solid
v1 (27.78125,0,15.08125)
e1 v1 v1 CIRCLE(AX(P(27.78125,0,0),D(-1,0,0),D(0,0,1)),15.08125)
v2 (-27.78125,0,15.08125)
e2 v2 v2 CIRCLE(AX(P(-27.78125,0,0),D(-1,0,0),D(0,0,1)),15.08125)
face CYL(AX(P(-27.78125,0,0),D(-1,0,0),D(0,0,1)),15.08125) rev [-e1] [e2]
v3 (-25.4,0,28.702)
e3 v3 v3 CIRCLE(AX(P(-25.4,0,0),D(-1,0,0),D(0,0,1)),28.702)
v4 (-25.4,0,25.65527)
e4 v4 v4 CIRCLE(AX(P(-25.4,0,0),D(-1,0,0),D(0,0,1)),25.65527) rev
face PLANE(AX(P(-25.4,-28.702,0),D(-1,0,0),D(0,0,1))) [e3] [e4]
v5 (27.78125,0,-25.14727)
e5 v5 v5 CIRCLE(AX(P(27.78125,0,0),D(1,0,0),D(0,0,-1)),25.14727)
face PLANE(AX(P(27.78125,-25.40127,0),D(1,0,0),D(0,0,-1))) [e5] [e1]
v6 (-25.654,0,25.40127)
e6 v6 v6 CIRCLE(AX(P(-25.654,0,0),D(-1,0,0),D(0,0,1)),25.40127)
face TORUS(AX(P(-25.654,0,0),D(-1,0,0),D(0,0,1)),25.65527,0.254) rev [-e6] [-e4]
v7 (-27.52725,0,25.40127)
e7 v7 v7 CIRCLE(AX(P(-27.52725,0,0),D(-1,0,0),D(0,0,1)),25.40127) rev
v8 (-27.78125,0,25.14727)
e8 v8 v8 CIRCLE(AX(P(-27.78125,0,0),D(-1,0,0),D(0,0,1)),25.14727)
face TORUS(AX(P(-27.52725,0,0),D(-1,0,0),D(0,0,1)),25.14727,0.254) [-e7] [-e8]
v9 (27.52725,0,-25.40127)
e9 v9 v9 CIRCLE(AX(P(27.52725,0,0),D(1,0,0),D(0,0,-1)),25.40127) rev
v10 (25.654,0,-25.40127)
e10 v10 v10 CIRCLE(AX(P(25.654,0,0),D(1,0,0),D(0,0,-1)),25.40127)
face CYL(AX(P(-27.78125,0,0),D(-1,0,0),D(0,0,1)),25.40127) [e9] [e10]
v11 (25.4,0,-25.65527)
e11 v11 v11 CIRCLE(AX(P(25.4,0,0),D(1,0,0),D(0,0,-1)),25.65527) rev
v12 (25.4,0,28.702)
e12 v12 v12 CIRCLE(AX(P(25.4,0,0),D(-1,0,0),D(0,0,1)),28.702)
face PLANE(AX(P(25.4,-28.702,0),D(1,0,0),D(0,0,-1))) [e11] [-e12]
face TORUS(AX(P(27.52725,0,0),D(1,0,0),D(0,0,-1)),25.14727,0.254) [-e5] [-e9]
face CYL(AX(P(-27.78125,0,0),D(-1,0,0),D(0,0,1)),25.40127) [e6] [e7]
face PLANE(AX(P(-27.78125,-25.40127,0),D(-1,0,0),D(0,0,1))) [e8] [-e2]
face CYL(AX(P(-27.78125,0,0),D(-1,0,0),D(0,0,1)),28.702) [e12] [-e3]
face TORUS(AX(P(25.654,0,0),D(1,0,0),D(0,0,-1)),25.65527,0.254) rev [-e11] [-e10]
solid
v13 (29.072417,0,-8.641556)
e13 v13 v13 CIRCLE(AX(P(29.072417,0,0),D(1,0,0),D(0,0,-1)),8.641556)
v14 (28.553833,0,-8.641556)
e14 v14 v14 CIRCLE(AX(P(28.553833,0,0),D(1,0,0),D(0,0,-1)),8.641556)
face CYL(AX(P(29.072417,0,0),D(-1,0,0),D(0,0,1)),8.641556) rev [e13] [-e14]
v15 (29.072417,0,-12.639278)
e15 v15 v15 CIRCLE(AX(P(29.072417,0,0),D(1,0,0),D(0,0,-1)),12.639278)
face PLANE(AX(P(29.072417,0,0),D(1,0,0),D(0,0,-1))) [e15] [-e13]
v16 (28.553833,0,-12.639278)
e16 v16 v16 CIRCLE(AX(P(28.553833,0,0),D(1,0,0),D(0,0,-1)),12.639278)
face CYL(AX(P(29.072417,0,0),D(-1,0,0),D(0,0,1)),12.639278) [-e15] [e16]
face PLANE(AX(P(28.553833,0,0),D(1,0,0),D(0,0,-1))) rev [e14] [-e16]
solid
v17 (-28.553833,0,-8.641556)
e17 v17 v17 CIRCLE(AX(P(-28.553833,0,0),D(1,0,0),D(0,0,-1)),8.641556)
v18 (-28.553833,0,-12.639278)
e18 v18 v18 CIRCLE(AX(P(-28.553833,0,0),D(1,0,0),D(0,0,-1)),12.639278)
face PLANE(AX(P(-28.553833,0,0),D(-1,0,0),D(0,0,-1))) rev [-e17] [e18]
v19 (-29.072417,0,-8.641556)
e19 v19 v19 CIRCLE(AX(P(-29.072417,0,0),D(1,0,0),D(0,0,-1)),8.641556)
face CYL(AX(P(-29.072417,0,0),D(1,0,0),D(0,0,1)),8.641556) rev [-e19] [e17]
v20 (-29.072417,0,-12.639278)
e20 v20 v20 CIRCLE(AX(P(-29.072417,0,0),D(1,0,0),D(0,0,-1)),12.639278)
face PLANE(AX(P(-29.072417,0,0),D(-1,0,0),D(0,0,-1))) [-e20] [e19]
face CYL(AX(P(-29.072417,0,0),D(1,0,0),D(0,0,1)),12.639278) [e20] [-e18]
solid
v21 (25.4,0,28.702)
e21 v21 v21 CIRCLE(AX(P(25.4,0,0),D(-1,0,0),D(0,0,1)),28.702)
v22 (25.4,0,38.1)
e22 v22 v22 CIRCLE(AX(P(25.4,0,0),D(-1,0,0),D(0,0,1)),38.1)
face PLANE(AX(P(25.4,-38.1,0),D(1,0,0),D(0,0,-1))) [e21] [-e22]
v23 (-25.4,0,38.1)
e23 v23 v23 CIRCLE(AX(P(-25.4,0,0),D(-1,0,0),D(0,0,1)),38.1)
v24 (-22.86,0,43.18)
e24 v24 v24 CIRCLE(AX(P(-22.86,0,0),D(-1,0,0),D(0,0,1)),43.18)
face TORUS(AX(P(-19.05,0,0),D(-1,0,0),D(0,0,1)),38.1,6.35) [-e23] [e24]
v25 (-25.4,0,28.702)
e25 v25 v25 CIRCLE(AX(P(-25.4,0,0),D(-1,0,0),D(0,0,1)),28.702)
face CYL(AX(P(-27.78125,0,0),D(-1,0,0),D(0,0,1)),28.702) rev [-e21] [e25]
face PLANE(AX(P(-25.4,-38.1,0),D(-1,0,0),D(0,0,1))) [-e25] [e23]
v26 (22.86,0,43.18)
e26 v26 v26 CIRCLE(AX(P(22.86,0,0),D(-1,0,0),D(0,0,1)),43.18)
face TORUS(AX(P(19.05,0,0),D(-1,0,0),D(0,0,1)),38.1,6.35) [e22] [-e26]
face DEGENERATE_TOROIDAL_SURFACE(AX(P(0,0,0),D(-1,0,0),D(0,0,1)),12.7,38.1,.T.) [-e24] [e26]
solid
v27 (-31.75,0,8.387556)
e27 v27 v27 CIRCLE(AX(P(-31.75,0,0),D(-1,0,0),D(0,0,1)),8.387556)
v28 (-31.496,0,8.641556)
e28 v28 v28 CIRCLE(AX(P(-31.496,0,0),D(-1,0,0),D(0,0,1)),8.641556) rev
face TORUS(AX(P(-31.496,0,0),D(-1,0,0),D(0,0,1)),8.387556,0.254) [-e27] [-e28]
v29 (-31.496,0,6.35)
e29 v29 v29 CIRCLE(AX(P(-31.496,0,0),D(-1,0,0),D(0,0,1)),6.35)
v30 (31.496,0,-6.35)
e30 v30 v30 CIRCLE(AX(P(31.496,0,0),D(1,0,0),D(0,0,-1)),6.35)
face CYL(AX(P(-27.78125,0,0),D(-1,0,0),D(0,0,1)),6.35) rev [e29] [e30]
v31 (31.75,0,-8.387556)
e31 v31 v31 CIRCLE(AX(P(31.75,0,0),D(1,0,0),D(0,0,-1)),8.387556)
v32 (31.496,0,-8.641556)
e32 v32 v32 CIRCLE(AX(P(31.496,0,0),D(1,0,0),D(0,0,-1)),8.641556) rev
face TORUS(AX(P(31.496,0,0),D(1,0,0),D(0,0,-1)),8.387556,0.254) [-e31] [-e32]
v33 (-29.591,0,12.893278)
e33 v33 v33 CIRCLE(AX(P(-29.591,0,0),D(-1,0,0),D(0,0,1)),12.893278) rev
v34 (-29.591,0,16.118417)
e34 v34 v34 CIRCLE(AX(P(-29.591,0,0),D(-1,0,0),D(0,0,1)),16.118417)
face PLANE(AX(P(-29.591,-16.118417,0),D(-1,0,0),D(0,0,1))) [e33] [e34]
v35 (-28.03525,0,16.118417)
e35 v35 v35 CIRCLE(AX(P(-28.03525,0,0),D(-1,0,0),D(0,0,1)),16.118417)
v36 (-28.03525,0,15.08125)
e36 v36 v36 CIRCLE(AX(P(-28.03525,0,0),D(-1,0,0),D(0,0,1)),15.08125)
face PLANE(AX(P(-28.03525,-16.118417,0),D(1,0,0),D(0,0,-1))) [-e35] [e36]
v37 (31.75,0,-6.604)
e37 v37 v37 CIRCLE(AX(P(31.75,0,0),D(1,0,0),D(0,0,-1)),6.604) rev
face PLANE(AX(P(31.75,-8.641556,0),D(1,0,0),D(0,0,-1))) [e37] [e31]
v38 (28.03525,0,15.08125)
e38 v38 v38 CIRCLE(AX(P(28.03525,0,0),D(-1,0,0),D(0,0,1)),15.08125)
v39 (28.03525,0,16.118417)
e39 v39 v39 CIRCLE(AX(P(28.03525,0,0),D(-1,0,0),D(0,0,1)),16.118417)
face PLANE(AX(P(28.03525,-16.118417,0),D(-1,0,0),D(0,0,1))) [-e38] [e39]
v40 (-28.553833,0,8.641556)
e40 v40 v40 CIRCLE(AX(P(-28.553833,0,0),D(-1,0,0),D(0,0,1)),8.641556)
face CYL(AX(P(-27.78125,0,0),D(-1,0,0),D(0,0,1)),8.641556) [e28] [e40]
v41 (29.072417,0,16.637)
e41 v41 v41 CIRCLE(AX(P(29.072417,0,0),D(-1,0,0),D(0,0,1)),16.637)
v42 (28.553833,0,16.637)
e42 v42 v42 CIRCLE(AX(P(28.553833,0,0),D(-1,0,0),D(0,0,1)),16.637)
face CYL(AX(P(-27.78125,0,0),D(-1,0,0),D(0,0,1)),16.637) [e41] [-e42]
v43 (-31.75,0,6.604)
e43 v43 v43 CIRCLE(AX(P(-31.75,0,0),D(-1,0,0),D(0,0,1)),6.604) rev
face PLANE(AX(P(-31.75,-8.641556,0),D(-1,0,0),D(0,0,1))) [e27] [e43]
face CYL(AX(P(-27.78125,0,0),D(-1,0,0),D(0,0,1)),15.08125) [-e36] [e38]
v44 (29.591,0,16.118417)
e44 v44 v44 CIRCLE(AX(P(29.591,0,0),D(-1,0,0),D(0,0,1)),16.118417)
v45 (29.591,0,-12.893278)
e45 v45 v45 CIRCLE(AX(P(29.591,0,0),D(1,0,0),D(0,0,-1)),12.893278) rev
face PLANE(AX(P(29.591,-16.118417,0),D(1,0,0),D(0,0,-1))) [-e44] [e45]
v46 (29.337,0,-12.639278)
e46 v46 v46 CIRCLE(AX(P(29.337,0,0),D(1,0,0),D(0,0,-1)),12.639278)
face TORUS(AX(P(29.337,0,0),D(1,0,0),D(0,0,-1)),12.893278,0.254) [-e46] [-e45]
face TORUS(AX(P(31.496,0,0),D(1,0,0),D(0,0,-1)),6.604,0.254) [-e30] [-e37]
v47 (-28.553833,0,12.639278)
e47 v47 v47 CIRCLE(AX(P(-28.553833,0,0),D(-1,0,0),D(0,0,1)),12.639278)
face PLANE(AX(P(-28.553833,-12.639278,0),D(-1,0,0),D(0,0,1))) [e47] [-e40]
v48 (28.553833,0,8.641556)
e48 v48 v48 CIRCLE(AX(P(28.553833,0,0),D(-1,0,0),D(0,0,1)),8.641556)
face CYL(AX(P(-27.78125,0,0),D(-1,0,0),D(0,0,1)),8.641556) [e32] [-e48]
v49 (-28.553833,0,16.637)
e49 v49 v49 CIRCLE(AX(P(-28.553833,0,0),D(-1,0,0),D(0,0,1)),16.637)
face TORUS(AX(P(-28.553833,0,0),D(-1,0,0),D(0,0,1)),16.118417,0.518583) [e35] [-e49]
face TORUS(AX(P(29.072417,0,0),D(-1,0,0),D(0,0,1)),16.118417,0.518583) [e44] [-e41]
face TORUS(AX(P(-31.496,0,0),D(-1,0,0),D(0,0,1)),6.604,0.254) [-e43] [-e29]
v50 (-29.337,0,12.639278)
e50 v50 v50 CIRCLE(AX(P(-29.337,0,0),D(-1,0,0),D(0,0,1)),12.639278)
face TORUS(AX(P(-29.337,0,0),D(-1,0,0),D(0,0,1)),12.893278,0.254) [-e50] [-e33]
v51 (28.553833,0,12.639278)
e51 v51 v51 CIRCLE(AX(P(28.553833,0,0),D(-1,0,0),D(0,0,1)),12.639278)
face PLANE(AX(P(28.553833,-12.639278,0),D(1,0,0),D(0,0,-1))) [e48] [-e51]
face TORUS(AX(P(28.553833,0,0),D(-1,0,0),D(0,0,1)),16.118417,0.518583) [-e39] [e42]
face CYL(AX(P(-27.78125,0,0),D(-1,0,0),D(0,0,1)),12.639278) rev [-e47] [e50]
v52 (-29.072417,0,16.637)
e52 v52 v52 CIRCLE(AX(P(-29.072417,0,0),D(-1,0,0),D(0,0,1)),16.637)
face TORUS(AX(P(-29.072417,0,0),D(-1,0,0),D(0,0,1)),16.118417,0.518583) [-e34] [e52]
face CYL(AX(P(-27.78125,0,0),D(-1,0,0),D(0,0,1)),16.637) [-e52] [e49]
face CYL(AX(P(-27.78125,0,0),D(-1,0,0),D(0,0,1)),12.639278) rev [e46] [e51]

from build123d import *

# Parameters (mm, degrees)
SKETCH4_R           = 12.639278125
SKETCH4_R_2         = 8.64155625
BOSS_EXTRUDE1_DEPTH = 0.518583
FILLET1_R           = 0.254
FILLET3_R           = 0.254


with BuildPart() as part:
    # Sketch2 → Revolve1 (revolve)
    with BuildSketch(Plane.XY, mode=Mode.PRIVATE) as revolve1_sk:
        with BuildLine():
            Line((28.03525, -15.08125), (-28.03525, -15.08125))
            Line((-28.03525, -15.08125), (-28.03525, -16.118416667))
            ThreePointArc((-28.03525, -16.118416667), (-28.187139542, -16.485110458), (-28.553833333, -16.637))
            Line((-28.553833333, -16.637), (-29.072416667, -16.637))
            ThreePointArc((-29.072416667, -16.637), (-29.439110458, -16.485110458), (-29.591, -16.118416667))
            Line((-29.591, -16.118416667), (-29.591, -12.639278125))
            Line((-29.591, -12.639278125), (-28.553833333, -12.639278125))
            Line((-28.553833333, -12.639278125), (-28.553833333, -8.64155625))
            Line((-28.553833333, -8.64155625), (-31.75, -8.64155625))
            Line((-31.75, -8.64155625), (-31.75, -6.35))
            Line((-31.75, -6.35), (31.75, -6.35))
            Line((31.75, -6.35), (31.75, -8.64155625))
            Line((31.75, -8.64155625), (28.553833333, -8.64155625))
            Line((28.553833333, -8.64155625), (28.553833333, -12.639278125))
            Line((28.553833333, -12.639278125), (29.591, -12.639278125))
            Line((29.591, -12.639278125), (29.591, -16.118416667))
            ThreePointArc((29.591, -16.118416667), (29.439110458, -16.485110458), (29.072416667, -16.637))
            Line((29.072416667, -16.637), (28.553833333, -16.637))
            ThreePointArc((28.553833333, -16.637), (28.187139542, -16.485110458), (28.03525, -16.118416667))
            Line((28.03525, -16.118416667), (28.03525, -15.08125))
        make_face()
        with BuildLine():
            Line((25.4, -28.702), (-25.4, -28.702))
            Line((-25.4, -28.702), (-25.4, -38.1))
            ThreePointArc((-25.4, -38.1), (-24.729612663, -40.939806331), (-22.86, -43.18))
            ThreePointArc((-22.86, -43.18), (0, -50.8), (22.86, -43.18))
            ThreePointArc((22.86, -43.18), (24.729612663, -40.939806331), (25.4, -38.1))
            Line((25.4, -38.1), (25.4, -28.702))
        make_face()
    revolve(revolve1_sk.sketch.rotate(Axis((-27.78125, 0, 0), (1, 0, 0)), 270), axis=Axis((-27.78125, 0, 0), (1, 0, 0)))

    # Fillet1
    fillet1_edges = [part.edges().sort_by_distance(p)[0] for p in [
        (29.591, 0, -12.639278125),
        (31.75, 0, -8.64155625),
        (31.75, 0, -6.35),
        (-31.75, 0, -6.35),
        (-31.75, 0, -8.64155625),
        (-29.591, 0, -12.639278125),
    ]]
    fillet(fillet1_edges, radius=FILLET1_R)


with BuildPart() as body_2:
    # Sketch3 → Revolve2 (revolve)
    with BuildSketch(Plane.XY, mode=Mode.PRIVATE) as revolve2_sk:
        Polygon((27.78125, -15.08125), (-27.78125, -15.08125), (-27.78125, -25.40127), (-25.4, -25.40127), (-25.4, -28.702), (25.4, -28.702), (25.4, -25.40127), (27.78125, -25.40127), align=None)
    revolve(revolve2_sk.sketch.rotate(Axis((-27.78125, 0, 0), (1, 0, 0)), 270), axis=Axis((-27.78125, 0, 0), (1, 0, 0)))

    # Fillet3
    fillet3_edges = [body_2.edges().sort_by_distance(p)[0] for p in [
        (27.78125, 0, -25.40127),
        (-27.78125, 0, -25.40127),
        (-25.4, 0, -25.40127),
        (25.4, 0, -25.40127),
    ]]
    fillet(fillet3_edges, radius=FILLET3_R)


with BuildPart() as body_3:
    # Sketch4 → Boss-Extrude1 (new body)
    with BuildSketch(Plane(origin=(28.553833333, 0, 0), x_dir=(0, 0, -1), z_dir=(1, 0, 0))):
        Circle(SKETCH4_R)
        Circle(SKETCH4_R_2, mode=Mode.SUBTRACT)
    extrude(amount=BOSS_EXTRUDE1_DEPTH)


with BuildPart() as body_4:
    # Mirror2: mirrored copy
    add(body_3.part.mirror(Plane(origin=(0, 0, 0), x_dir=(0, 0, 1), z_dir=(1, 0, 0))))


solid = Compound([part.part, body_2.part, body_3.part, body_4.part])
